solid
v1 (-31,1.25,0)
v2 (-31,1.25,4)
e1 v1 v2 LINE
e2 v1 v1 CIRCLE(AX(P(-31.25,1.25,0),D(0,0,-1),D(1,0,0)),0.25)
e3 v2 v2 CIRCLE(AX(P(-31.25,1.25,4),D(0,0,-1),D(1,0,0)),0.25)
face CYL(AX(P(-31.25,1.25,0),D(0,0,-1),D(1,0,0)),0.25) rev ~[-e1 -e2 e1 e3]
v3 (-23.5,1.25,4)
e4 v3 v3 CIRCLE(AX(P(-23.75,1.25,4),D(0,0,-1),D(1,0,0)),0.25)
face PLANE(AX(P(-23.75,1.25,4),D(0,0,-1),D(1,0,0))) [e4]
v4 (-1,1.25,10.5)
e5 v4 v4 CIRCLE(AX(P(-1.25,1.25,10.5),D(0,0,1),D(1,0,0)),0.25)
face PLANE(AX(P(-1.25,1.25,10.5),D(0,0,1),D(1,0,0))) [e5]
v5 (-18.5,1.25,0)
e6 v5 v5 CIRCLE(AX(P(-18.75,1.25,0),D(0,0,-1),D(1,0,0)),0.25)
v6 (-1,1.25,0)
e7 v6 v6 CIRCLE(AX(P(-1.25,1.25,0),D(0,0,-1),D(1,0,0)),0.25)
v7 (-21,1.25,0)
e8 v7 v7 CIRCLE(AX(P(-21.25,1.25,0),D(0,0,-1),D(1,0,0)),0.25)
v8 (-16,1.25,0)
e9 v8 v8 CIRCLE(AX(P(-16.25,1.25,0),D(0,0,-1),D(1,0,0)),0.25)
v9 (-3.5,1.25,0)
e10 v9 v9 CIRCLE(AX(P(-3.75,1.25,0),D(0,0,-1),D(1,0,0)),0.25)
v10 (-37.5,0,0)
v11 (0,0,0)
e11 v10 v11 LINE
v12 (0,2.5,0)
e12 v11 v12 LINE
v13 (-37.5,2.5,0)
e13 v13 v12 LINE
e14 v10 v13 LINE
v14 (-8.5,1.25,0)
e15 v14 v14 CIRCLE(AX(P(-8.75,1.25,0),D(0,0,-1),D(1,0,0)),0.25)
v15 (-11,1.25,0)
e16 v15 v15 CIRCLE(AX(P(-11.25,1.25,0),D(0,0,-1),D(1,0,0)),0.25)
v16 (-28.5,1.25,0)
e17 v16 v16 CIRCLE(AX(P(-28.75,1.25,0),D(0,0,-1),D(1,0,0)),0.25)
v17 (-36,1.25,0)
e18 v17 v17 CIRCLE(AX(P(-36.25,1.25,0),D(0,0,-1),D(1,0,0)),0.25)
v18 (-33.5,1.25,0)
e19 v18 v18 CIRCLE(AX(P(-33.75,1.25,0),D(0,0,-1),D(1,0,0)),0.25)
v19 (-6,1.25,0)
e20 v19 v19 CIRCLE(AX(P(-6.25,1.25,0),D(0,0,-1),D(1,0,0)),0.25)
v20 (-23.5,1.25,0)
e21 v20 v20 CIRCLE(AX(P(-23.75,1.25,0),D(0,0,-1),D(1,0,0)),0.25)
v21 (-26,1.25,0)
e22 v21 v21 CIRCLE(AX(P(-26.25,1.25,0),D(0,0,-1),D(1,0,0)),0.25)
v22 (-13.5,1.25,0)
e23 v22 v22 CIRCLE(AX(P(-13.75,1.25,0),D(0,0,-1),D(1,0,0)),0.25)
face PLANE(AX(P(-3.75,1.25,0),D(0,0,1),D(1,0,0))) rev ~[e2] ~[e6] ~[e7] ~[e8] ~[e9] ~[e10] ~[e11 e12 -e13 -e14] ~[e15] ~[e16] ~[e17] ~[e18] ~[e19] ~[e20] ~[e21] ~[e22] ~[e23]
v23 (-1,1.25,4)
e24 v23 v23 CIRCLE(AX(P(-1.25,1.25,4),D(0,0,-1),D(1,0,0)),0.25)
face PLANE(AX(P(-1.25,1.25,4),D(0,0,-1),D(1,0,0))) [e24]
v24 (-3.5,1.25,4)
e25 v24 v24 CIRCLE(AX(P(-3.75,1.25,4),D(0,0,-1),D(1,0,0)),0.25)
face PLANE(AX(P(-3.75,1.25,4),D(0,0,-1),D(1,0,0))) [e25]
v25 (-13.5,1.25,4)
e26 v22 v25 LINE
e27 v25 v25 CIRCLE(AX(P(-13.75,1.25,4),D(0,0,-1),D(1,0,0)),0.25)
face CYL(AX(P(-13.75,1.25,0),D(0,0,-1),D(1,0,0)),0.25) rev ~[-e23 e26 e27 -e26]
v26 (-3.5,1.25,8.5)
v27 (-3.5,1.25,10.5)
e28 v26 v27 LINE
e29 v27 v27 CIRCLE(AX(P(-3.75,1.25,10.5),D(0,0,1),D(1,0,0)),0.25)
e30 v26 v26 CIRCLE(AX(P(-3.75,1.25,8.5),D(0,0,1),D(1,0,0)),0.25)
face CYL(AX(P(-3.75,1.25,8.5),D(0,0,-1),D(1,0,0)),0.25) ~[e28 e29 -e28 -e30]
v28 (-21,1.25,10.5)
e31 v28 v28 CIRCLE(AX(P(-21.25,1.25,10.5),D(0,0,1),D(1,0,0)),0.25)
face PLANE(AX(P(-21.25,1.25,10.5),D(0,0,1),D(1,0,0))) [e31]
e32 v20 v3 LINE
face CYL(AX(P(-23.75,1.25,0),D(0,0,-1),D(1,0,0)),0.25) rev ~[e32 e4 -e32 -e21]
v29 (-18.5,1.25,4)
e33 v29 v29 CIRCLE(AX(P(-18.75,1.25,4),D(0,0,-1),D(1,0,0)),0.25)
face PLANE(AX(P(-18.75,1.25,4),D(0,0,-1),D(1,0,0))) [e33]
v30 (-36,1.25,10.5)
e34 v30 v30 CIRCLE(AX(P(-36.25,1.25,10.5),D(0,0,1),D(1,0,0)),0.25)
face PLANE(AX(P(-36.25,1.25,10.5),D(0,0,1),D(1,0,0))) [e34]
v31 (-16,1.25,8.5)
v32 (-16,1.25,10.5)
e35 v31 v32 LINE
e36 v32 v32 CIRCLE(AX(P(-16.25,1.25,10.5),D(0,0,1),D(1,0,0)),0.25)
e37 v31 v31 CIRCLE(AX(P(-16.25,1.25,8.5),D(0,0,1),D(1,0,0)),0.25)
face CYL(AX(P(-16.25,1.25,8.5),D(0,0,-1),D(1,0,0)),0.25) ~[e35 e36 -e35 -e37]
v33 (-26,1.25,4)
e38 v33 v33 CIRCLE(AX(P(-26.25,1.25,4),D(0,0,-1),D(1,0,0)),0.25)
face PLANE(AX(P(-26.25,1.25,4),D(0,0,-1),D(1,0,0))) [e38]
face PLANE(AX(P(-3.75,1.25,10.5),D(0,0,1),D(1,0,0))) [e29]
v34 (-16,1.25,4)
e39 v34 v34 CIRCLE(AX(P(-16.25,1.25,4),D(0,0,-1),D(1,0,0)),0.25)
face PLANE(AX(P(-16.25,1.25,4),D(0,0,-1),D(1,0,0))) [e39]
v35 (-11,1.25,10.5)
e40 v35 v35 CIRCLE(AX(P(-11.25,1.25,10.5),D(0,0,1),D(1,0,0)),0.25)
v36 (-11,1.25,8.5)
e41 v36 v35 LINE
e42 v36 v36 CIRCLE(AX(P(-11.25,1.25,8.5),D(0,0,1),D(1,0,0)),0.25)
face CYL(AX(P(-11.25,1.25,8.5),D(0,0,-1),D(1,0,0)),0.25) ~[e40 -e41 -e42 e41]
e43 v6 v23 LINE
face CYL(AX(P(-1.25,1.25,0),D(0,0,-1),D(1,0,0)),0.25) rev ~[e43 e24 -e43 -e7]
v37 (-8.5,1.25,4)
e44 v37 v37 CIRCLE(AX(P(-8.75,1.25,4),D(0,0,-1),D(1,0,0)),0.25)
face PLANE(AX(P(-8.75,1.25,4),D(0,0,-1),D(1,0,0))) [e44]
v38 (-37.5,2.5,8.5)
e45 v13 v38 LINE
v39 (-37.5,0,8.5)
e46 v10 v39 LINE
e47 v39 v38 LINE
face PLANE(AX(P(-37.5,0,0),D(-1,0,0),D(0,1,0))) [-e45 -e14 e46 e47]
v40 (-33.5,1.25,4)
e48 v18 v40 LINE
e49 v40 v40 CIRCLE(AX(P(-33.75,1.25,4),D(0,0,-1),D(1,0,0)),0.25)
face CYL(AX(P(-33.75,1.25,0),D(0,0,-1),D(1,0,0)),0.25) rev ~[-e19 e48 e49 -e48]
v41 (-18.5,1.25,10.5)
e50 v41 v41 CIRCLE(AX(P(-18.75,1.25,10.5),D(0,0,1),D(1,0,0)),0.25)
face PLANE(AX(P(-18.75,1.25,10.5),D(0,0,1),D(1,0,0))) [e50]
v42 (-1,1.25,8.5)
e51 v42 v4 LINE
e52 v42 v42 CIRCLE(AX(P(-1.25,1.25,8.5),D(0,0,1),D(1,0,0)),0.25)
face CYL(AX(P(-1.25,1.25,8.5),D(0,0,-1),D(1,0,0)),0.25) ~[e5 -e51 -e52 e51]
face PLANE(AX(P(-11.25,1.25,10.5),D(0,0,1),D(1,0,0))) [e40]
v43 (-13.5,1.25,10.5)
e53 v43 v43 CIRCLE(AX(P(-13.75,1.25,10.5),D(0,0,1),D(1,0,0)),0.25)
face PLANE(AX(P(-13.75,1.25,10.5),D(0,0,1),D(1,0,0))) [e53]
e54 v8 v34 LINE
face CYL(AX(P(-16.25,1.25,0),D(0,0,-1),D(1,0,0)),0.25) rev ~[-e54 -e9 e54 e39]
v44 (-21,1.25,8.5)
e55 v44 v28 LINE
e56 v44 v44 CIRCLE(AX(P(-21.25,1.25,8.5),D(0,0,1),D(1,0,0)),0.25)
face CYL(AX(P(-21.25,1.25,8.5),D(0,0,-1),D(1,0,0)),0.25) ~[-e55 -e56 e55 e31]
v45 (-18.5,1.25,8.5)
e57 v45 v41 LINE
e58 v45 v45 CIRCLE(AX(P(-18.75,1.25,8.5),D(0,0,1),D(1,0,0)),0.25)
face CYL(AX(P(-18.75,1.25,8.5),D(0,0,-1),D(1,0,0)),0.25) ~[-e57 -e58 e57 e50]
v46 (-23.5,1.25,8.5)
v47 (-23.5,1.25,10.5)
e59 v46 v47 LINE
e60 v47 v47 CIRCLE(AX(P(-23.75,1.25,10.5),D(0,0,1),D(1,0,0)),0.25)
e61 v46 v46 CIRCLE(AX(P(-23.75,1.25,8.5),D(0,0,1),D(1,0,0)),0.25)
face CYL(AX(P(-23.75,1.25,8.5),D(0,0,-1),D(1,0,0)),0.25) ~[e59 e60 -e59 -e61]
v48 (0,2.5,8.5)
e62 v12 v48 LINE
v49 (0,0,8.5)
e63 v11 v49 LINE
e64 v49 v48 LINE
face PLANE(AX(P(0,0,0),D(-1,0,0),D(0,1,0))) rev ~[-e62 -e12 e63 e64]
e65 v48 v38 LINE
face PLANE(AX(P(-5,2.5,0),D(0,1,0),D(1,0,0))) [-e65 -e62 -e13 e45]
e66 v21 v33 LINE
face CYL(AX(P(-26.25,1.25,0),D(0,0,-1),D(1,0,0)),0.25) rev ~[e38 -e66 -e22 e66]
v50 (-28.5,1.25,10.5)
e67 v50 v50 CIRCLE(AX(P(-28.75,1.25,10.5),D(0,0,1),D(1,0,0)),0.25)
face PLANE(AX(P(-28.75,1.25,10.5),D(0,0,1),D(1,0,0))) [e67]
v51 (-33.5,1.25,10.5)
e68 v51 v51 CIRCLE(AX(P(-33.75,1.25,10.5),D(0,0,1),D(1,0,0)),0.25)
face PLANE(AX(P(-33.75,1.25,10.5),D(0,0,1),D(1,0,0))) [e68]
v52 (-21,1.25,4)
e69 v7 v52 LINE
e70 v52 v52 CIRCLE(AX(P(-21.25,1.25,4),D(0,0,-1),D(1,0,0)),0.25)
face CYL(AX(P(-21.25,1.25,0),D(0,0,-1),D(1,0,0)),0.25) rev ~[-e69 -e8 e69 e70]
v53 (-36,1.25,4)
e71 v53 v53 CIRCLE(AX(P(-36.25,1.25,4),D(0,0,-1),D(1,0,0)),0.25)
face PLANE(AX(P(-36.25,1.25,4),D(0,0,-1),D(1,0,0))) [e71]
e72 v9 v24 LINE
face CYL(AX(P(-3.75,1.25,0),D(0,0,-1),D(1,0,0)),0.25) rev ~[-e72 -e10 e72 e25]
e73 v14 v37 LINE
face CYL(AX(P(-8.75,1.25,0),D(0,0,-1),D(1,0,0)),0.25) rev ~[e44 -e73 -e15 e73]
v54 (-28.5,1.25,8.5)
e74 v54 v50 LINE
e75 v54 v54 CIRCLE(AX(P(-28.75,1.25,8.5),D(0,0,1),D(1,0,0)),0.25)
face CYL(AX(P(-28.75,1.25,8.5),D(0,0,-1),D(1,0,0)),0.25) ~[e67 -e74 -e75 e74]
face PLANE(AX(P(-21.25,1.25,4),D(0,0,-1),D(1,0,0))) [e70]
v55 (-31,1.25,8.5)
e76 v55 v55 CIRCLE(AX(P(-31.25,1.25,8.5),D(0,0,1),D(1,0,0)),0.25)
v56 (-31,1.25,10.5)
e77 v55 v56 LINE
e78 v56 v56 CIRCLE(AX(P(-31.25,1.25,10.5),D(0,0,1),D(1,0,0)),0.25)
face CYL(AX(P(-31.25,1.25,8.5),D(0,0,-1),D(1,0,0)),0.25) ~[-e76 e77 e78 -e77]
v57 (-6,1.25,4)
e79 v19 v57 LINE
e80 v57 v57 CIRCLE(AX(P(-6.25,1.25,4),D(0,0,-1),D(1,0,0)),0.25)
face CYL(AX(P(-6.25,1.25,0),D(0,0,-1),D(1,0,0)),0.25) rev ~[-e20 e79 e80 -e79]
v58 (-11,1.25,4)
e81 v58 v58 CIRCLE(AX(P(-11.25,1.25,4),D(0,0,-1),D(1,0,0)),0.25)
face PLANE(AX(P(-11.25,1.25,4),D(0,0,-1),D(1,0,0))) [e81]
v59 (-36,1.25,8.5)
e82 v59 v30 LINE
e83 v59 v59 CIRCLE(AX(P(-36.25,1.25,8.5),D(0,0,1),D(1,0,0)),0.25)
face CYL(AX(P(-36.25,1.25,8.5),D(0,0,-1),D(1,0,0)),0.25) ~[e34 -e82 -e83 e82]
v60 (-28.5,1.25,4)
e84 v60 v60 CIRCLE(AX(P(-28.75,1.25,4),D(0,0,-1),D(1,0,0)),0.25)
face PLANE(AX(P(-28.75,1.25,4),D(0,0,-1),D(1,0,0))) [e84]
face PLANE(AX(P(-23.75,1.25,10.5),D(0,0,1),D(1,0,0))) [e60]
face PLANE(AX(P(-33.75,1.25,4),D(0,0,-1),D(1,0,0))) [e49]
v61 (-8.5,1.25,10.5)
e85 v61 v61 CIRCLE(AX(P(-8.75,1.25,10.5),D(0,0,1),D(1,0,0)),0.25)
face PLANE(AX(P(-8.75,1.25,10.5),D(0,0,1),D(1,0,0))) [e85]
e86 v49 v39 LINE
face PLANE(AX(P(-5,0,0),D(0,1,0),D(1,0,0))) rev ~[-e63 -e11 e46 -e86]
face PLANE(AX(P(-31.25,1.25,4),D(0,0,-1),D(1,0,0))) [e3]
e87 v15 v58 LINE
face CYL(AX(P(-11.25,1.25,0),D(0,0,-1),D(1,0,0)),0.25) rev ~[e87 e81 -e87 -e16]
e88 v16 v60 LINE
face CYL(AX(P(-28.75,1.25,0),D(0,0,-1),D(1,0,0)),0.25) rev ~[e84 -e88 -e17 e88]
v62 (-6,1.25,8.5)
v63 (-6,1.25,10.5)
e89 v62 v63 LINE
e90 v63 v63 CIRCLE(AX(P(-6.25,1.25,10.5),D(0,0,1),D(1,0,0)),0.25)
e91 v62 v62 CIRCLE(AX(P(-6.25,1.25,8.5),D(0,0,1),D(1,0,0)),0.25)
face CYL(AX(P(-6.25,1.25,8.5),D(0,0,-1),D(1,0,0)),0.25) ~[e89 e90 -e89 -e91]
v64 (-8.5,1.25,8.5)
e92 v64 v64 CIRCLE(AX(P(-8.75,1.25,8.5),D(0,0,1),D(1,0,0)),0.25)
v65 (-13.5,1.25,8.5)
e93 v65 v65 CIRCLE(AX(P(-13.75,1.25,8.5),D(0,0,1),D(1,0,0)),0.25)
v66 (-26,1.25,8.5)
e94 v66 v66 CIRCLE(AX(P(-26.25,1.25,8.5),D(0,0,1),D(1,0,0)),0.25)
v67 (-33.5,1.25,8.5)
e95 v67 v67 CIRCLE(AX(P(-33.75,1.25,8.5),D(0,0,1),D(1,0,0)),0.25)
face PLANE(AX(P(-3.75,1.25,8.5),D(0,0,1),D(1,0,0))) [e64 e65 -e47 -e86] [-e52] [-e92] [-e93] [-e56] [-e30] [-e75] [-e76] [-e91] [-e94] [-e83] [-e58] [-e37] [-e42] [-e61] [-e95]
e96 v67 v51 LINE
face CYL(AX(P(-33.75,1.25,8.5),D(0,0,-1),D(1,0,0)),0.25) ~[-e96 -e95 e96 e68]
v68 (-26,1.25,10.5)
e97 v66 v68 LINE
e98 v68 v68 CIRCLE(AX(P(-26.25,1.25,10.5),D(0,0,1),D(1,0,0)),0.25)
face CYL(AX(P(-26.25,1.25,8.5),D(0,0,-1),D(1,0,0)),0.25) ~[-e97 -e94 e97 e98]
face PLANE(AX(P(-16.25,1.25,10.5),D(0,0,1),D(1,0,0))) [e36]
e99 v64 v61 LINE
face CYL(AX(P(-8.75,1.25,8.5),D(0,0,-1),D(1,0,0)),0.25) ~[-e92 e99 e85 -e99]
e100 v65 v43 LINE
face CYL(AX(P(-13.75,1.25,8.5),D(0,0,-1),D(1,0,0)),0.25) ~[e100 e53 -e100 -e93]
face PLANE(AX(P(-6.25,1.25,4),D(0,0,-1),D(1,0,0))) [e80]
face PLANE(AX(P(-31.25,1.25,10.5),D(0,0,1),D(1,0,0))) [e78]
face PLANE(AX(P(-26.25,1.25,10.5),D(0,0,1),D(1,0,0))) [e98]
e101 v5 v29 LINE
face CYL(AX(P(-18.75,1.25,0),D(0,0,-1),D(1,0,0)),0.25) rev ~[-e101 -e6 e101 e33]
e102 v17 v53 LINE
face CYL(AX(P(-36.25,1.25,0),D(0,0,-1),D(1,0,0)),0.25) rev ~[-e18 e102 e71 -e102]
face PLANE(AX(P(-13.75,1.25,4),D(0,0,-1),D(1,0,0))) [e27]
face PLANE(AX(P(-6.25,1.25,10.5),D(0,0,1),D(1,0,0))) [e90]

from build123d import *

# Parameters (mm, degrees)
ESQUISSE1_W                = 2.5
ESQUISSE1_H                = 2.5
BOSS_EXTRU_1_DEPTH         = 8.5
ESQUISSE2_R                = 0.25
BOSS_EXTRU_2_DEPTH         = 2
ESQUISSE3_R                = 0.25
ENL_V_MAT_EXTRU_2_DEPTH    = 4
R_P_TITION_LIN_AIRE1_COUNT = 15
R_P_TITION_LIN_AIRE1_PITCH = 2.5


with BuildPart() as part:
    # Esquisse1 → Boss.-Extru.1 (new body)
    with BuildSketch(Plane.XY):
        with Locations((-1.25, 1.25)):
            Rectangle(ESQUISSE1_W, ESQUISSE1_H)
    boss_extru_1 = extrude(amount=BOSS_EXTRU_1_DEPTH)

    # Esquisse2 → Boss.-Extru.2 (add)
    with BuildSketch(Plane.XY.offset(8.5)):
        with Locations((-1.25, 1.25)):
            Circle(ESQUISSE2_R)
    boss_extru_2 = extrude(amount=BOSS_EXTRU_2_DEPTH)

    # Esquisse3 → Enlèv. mat.-Extru.2 (cut)
    with BuildSketch(Plane(origin=(0, 0, 0), x_dir=(-1, 0, 0), z_dir=(0, 0, -1))):
        with Locations(Location((1.25, 1.25, 0), (0, 0, 180))):
            Circle(ESQUISSE3_R)
    enl_v_mat_extru_2 = extrude(amount=-ENL_V_MAT_EXTRU_2_DEPTH, mode=Mode.SUBTRACT)

    # Répétition linéaire1: Boss.-Extru.1, Boss.-Extru.2, Enlèv. mat.-Extru.2 ×15
    with Locations(*[(-i * R_P_TITION_LIN_AIRE1_PITCH, 0, 0) for i in range(1, R_P_TITION_LIN_AIRE1_COUNT)]):
        add(boss_extru_1)
        add(boss_extru_2)
        add(enl_v_mat_extru_2, mode=Mode.SUBTRACT)


solid = part.part
